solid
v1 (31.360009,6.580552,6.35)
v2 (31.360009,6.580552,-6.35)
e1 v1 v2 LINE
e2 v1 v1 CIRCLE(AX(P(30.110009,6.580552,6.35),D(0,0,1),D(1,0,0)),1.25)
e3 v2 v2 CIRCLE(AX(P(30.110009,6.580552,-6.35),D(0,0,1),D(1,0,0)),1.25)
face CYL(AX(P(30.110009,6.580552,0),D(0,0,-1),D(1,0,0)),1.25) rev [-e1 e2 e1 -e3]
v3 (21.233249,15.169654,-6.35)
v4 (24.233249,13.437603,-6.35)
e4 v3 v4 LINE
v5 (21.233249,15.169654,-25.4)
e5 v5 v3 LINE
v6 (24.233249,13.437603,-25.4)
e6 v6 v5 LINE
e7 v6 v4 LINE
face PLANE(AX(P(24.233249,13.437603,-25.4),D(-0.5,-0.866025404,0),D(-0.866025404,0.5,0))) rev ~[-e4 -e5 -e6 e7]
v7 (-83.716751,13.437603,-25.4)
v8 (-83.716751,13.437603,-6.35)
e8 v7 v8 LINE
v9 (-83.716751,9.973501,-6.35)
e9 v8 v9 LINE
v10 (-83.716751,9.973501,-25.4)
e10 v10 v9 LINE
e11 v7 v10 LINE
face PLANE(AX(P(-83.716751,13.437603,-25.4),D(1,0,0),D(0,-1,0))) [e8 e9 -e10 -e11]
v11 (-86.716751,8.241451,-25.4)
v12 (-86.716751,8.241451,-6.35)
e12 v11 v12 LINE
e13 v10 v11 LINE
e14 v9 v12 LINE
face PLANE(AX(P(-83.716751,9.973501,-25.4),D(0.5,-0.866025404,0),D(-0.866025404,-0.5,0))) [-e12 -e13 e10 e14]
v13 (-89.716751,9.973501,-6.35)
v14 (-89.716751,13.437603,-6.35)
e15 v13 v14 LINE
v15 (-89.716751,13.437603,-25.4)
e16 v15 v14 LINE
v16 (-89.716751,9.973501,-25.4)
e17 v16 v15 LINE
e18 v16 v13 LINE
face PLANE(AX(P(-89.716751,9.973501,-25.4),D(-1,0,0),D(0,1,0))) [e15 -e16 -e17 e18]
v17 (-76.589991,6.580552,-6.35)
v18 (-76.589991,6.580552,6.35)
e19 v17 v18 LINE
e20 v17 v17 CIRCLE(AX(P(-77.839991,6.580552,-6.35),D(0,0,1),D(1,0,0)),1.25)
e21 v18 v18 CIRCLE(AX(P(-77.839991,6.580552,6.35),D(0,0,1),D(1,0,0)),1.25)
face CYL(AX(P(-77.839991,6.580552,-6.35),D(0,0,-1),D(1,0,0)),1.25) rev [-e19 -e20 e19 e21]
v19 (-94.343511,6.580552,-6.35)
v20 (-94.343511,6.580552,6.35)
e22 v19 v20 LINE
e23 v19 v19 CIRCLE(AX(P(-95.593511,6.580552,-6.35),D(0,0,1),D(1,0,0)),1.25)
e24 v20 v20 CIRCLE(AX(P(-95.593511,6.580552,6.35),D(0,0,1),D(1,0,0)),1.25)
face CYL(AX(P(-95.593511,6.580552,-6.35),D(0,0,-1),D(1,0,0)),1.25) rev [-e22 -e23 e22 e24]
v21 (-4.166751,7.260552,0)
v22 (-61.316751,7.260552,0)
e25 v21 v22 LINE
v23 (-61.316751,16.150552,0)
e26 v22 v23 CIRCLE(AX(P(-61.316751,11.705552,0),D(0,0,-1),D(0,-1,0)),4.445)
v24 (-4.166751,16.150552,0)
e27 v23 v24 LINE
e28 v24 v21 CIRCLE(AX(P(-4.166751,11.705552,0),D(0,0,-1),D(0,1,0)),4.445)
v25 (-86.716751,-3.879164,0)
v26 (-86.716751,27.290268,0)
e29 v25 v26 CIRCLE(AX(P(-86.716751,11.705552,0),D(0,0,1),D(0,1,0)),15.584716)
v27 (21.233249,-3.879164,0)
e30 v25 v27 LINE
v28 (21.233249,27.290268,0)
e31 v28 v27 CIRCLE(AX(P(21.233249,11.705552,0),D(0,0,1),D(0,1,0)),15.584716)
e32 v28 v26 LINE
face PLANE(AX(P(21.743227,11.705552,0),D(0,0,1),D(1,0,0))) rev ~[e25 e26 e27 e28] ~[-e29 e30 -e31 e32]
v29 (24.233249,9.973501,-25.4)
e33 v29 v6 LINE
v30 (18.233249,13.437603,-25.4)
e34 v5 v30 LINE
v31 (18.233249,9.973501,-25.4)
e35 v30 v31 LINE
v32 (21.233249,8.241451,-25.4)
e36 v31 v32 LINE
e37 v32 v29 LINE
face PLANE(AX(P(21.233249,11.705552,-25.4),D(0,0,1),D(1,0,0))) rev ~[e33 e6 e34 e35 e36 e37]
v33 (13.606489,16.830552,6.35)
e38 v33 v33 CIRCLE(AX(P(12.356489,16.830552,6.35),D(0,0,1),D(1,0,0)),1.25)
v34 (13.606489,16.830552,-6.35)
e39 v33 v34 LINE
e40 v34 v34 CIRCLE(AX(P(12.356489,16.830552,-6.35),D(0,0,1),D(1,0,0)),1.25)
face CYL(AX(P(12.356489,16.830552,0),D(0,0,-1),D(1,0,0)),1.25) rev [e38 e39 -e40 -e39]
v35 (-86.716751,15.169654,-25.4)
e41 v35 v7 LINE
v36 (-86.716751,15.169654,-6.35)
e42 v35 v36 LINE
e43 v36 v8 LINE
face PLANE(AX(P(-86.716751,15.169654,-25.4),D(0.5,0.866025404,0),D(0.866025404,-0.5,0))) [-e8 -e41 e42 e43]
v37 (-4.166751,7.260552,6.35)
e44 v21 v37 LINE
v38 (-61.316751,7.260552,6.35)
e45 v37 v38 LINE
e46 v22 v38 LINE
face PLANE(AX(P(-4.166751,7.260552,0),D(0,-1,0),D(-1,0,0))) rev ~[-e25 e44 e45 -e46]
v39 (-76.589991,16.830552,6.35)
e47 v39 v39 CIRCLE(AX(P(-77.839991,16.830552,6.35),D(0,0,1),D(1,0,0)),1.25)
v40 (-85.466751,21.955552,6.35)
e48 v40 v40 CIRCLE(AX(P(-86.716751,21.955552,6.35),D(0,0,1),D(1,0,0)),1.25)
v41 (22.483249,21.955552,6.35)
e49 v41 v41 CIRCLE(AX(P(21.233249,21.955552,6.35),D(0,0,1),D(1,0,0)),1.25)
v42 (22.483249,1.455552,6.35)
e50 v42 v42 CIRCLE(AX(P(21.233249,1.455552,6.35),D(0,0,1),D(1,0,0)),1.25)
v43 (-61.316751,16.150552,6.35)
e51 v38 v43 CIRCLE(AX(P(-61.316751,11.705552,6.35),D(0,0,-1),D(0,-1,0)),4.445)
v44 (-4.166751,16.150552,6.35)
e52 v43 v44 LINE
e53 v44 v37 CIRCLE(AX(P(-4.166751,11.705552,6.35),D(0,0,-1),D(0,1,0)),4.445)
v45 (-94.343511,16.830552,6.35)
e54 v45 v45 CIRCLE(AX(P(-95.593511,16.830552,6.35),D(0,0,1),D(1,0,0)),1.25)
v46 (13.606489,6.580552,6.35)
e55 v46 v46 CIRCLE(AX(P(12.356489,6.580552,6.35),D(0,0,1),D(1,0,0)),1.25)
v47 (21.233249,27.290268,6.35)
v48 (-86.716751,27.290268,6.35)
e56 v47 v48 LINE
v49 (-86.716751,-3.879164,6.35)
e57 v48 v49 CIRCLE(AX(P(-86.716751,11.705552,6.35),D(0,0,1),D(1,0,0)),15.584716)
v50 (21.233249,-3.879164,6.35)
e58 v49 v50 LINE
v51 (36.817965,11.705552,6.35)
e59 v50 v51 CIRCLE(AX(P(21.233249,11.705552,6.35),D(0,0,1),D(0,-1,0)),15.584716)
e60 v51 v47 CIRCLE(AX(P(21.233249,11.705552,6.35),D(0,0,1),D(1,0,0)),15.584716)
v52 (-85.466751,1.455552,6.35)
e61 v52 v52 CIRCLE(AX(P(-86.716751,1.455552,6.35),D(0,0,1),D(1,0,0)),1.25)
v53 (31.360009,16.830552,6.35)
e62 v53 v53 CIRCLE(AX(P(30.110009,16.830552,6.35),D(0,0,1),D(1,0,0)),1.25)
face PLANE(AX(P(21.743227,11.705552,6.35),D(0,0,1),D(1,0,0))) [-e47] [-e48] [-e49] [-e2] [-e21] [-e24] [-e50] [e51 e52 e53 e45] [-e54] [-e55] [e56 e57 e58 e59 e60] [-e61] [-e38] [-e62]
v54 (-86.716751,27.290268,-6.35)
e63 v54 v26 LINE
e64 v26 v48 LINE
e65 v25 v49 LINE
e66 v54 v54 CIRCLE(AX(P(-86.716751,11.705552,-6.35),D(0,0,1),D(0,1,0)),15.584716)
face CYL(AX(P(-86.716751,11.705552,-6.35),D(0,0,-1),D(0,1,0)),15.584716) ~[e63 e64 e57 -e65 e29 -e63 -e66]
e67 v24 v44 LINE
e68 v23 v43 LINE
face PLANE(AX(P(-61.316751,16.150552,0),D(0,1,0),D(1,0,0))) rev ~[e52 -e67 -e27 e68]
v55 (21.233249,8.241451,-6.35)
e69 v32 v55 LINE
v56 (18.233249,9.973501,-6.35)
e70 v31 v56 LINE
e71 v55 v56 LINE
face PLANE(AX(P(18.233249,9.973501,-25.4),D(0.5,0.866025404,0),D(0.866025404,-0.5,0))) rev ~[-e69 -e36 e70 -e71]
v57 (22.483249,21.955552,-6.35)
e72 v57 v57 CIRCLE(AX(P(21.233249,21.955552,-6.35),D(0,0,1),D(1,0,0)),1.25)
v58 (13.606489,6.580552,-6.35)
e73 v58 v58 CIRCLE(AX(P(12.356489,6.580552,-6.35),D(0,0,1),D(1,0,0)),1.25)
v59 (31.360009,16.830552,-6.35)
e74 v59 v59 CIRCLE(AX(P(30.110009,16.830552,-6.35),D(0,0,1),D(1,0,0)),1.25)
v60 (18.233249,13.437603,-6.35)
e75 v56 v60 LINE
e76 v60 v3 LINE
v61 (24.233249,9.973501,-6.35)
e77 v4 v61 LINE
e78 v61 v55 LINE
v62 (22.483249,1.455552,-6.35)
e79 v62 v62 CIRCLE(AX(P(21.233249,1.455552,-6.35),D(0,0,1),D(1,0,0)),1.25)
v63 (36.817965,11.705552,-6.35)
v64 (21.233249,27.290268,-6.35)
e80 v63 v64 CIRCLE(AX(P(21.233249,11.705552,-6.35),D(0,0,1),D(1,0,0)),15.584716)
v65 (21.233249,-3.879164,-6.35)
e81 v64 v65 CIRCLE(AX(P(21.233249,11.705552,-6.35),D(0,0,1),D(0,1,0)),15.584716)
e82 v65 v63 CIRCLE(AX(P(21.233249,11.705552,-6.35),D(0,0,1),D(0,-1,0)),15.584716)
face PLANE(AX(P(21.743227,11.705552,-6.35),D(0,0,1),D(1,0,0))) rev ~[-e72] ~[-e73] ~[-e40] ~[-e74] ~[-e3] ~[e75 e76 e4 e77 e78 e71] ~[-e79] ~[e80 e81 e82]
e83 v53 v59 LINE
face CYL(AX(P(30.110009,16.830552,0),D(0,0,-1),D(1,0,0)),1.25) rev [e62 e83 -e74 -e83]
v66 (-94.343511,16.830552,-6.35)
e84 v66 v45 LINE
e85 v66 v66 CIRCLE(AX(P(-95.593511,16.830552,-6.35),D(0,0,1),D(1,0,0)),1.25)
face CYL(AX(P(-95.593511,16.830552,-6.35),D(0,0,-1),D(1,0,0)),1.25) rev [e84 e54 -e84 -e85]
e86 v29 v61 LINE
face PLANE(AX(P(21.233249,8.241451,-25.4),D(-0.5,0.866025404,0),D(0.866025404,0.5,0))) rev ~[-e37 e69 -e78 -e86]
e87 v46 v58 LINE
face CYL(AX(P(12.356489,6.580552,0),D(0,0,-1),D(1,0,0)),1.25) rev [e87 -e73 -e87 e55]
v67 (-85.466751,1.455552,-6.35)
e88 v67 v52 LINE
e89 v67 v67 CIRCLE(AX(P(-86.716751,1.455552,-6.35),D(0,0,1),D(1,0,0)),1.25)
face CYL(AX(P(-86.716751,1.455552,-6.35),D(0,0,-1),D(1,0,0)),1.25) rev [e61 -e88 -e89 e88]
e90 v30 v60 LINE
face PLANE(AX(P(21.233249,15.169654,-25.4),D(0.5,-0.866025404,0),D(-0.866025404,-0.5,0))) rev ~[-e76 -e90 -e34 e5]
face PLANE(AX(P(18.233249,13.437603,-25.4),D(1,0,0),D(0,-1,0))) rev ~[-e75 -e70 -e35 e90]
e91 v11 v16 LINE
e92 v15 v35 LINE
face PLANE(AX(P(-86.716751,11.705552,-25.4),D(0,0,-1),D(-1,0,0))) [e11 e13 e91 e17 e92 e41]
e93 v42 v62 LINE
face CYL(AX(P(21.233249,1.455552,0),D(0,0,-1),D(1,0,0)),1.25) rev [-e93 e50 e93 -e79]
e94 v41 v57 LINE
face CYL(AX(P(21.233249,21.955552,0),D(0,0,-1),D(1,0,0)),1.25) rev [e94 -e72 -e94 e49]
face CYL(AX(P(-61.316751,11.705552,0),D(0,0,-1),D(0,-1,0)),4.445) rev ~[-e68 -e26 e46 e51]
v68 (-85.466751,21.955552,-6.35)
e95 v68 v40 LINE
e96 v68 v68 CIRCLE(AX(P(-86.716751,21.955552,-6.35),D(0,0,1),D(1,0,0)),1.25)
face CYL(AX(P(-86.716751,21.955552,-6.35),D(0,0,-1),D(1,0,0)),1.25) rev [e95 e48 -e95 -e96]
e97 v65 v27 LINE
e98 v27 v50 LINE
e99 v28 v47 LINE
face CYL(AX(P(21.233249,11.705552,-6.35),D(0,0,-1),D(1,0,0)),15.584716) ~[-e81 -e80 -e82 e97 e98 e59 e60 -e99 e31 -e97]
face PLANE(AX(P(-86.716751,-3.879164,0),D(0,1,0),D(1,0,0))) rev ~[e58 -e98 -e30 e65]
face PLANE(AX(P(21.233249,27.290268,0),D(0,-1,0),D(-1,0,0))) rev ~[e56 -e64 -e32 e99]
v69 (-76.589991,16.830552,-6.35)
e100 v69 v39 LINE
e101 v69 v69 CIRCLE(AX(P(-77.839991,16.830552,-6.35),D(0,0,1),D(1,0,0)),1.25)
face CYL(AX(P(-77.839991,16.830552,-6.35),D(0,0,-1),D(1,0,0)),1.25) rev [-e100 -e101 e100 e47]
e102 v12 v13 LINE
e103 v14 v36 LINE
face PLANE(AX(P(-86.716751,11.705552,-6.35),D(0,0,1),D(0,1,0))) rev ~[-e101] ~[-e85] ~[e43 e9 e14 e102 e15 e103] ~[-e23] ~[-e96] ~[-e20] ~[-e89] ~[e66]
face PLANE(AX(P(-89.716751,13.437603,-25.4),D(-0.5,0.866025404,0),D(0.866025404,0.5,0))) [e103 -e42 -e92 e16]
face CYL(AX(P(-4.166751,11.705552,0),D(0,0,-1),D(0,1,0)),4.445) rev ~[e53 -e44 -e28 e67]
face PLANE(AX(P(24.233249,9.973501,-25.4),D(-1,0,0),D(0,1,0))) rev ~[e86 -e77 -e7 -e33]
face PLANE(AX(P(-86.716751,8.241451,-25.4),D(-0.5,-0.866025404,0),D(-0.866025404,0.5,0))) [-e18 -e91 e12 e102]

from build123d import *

# Parameters (mm, degrees)
SKETCH1_R                = 15.584715873
SKETCH1_R_2              = 1.25
BOSS_EXTRUDE5_DEPTH      = 6.35
BOSS_EXTRUDE6_START      = -6.35
SKETCH1_7_R              = 15.584715873
SKETCH1_7_R_2            = 1.25
BOSS_EXTRUDE6_DEPTH      = 6.35
BOSS_EXTRUDE7_DEPTH      = 6.35
BOSS_EXTRUDE7_DEPTH_BACK = 25.4


with BuildPart() as part:
    # Sketch1 → Boss-Extrude5 (new body)
    # profile 1 of 3: a face of its own
    with BuildSketch(Plane.XY):
        with BuildLine():
            Line((21.23324901, 27.290268066), (-86.71675099, 27.290268066))
            ThreePointArc((-86.71675099, 27.290268066), (-75.696692713, 22.72561047), (-71.132035117, 11.705552193))
            ThreePointArc((-71.132035117, 11.705552193), (-75.696692713, 0.685493916), (-86.71675099, -3.879163681))
            Line((-86.71675099, -3.879163681), (21.23324901, -3.879163681))
            ThreePointArc((21.23324901, -3.879163681), (5.648533136, 11.705552193), (21.23324901, 27.290268066))
        make_face()
        with BuildLine():
            ThreePointArc((-61.31675099, 7.260552193), (-65.76175099, 11.705552193), (-61.31675099, 16.150552193))
            Line((-61.31675099, 16.150552193), (-4.16675099, 16.150552193))
            ThreePointArc((-4.16675099, 16.150552193), (0.27824901, 11.705552193), (-4.16675099, 7.260552193))
            Line((-4.16675099, 7.260552193), (-61.31675099, 7.260552193))
        make_face(mode=Mode.SUBTRACT)
    # profile 2 of 3: a face of its own
    with BuildSketch(Plane.XY):
        with Locations((-86.71675099, 11.705552193)):
            Circle(SKETCH1_R)
        with Locations((-77.839990601, 16.830552193)):
            Circle(SKETCH1_R_2, mode=Mode.SUBTRACT)
        with Locations((-77.839990601, 6.580552193)):
            Circle(SKETCH1_R_2, mode=Mode.SUBTRACT)
        with Locations((-86.71675099, 1.455552193)):
            Circle(SKETCH1_R_2, mode=Mode.SUBTRACT)
        with Locations((-95.593511379, 6.580552193)):
            Circle(SKETCH1_R_2, mode=Mode.SUBTRACT)
        with Locations((-95.593511379, 16.830552193)):
            Circle(SKETCH1_R_2, mode=Mode.SUBTRACT)
        with Locations((-86.71675099, 21.955552193)):
            Circle(SKETCH1_R_2, mode=Mode.SUBTRACT)
        Polygon((-89.71675099, 9.973501385), (-89.71675099, 13.437603), (-86.71675099, 15.169653808), (-83.71675099, 13.437603), (-83.71675099, 9.973501385), (-86.71675099, 8.241450578), align=None, mode=Mode.SUBTRACT)
    # profile 3 of 3: a face of its own
    with BuildSketch(Plane.XY):
        with BuildLine():
            ThreePointArc((36.817964883, 11.705552193), (32.253307287, 22.72561047), (21.23324901, 27.290268066))
            ThreePointArc((21.23324901, 27.290268066), (5.648533136, 11.705552193), (21.23324901, -3.879163681))
            ThreePointArc((21.23324901, -3.879163681), (32.253307287, 0.685493916), (36.817964883, 11.705552193))
        make_face()
        with Locations((21.23324901, 1.455552193)):
            Circle(SKETCH1_R_2, mode=Mode.SUBTRACT)
        with Locations((12.356488621, 6.580552193)):
            Circle(SKETCH1_R_2, mode=Mode.SUBTRACT)
        with Locations((30.110009399, 6.580552193)):
            Circle(SKETCH1_R_2, mode=Mode.SUBTRACT)
        Polygon((21.23324901, 15.169653808), (24.23324901, 13.437603), (24.23324901, 9.973501385), (21.23324901, 8.241450578), (18.23324901, 9.973501385), (18.23324901, 13.437603), align=None, mode=Mode.SUBTRACT)
        with Locations((12.356488621, 16.830552193)):
            Circle(SKETCH1_R_2, mode=Mode.SUBTRACT)
        with Locations((30.110009399, 16.830552193)):
            Circle(SKETCH1_R_2, mode=Mode.SUBTRACT)
        with Locations((21.23324901, 21.955552193)):
            Circle(SKETCH1_R_2, mode=Mode.SUBTRACT)
    extrude(amount=BOSS_EXTRUDE5_DEPTH)

    # Sketch1<7> → Boss-Extrude6 (add)
    # profile 1 of 2: a face of its own
    with BuildSketch(Plane.XY.offset(BOSS_EXTRUDE6_START)):
        with Locations(Location((-86.71675099, 11.705552193, 0), (0, 0, 90))):
            Circle(SKETCH1_7_R)
        with Locations((-77.839990601, 16.830552193)):
            Circle(SKETCH1_7_R_2, mode=Mode.SUBTRACT)
        with Locations((-77.839990601, 6.580552193)):
            Circle(SKETCH1_7_R_2, mode=Mode.SUBTRACT)
        with Locations((-86.71675099, 1.455552193)):
            Circle(SKETCH1_7_R_2, mode=Mode.SUBTRACT)
        with Locations((-95.593511379, 6.580552193)):
            Circle(SKETCH1_7_R_2, mode=Mode.SUBTRACT)
        with Locations((-95.593511379, 16.830552193)):
            Circle(SKETCH1_7_R_2, mode=Mode.SUBTRACT)
        with Locations((-86.71675099, 21.955552193)):
            Circle(SKETCH1_7_R_2, mode=Mode.SUBTRACT)
        Polygon((-89.71675099, 9.973501385), (-89.71675099, 13.437603), (-86.71675099, 15.169653808), (-83.71675099, 13.437603), (-83.71675099, 9.973501385), (-86.71675099, 8.241450578), align=None, mode=Mode.SUBTRACT)
    # profile 2 of 2: a face of its own
    with BuildSketch(Plane.XY.offset(BOSS_EXTRUDE6_START)):
        with BuildLine():
            ThreePointArc((36.817964883, 11.705552193), (32.253307287, 22.72561047), (21.23324901, 27.290268066))
            ThreePointArc((21.23324901, 27.290268066), (5.648533136, 11.705552193), (21.23324901, -3.879163681))
            ThreePointArc((21.23324901, -3.879163681), (32.253307287, 0.685493916), (36.817964883, 11.705552193))
        make_face()
        with Locations((21.23324901, 1.455552193)):
            Circle(SKETCH1_7_R_2, mode=Mode.SUBTRACT)
        with Locations((12.356488621, 6.580552193)):
            Circle(SKETCH1_7_R_2, mode=Mode.SUBTRACT)
        with Locations((30.110009399, 6.580552193)):
            Circle(SKETCH1_7_R_2, mode=Mode.SUBTRACT)
        Polygon((21.23324901, 15.169653808), (24.23324901, 13.437603), (24.23324901, 9.973501385), (21.23324901, 8.241450578), (18.23324901, 9.973501385), (18.23324901, 13.437603), align=None, mode=Mode.SUBTRACT)
        with Locations((12.356488621, 16.830552193)):
            Circle(SKETCH1_7_R_2, mode=Mode.SUBTRACT)
        with Locations((30.110009399, 16.830552193)):
            Circle(SKETCH1_7_R_2, mode=Mode.SUBTRACT)
        with Locations((21.23324901, 21.955552193)):
            Circle(SKETCH1_7_R_2, mode=Mode.SUBTRACT)
    extrude(amount=BOSS_EXTRUDE6_DEPTH)

    # Sketch1<8> → Boss-Extrude7 (add, two sides: drawn at the far end of the back side and taken through both)
    with BuildSketch(Plane.XY.offset(-BOSS_EXTRUDE7_DEPTH_BACK)):
        Polygon((-86.71675099, 15.169653808), (-83.71675099, 13.437603), (-83.71675099, 9.973501385), (-86.71675099, 8.241450578), (-89.71675099, 9.973501385), (-89.71675099, 13.437603), align=None)
        Polygon((24.23324901, 13.437603), (21.23324901, 15.169653808), (18.23324901, 13.437603), (18.23324901, 9.973501385), (21.23324901, 8.241450578), (24.23324901, 9.973501385), align=None)
    extrude(amount=BOSS_EXTRUDE7_DEPTH + BOSS_EXTRUDE7_DEPTH_BACK)


solid = part.part
